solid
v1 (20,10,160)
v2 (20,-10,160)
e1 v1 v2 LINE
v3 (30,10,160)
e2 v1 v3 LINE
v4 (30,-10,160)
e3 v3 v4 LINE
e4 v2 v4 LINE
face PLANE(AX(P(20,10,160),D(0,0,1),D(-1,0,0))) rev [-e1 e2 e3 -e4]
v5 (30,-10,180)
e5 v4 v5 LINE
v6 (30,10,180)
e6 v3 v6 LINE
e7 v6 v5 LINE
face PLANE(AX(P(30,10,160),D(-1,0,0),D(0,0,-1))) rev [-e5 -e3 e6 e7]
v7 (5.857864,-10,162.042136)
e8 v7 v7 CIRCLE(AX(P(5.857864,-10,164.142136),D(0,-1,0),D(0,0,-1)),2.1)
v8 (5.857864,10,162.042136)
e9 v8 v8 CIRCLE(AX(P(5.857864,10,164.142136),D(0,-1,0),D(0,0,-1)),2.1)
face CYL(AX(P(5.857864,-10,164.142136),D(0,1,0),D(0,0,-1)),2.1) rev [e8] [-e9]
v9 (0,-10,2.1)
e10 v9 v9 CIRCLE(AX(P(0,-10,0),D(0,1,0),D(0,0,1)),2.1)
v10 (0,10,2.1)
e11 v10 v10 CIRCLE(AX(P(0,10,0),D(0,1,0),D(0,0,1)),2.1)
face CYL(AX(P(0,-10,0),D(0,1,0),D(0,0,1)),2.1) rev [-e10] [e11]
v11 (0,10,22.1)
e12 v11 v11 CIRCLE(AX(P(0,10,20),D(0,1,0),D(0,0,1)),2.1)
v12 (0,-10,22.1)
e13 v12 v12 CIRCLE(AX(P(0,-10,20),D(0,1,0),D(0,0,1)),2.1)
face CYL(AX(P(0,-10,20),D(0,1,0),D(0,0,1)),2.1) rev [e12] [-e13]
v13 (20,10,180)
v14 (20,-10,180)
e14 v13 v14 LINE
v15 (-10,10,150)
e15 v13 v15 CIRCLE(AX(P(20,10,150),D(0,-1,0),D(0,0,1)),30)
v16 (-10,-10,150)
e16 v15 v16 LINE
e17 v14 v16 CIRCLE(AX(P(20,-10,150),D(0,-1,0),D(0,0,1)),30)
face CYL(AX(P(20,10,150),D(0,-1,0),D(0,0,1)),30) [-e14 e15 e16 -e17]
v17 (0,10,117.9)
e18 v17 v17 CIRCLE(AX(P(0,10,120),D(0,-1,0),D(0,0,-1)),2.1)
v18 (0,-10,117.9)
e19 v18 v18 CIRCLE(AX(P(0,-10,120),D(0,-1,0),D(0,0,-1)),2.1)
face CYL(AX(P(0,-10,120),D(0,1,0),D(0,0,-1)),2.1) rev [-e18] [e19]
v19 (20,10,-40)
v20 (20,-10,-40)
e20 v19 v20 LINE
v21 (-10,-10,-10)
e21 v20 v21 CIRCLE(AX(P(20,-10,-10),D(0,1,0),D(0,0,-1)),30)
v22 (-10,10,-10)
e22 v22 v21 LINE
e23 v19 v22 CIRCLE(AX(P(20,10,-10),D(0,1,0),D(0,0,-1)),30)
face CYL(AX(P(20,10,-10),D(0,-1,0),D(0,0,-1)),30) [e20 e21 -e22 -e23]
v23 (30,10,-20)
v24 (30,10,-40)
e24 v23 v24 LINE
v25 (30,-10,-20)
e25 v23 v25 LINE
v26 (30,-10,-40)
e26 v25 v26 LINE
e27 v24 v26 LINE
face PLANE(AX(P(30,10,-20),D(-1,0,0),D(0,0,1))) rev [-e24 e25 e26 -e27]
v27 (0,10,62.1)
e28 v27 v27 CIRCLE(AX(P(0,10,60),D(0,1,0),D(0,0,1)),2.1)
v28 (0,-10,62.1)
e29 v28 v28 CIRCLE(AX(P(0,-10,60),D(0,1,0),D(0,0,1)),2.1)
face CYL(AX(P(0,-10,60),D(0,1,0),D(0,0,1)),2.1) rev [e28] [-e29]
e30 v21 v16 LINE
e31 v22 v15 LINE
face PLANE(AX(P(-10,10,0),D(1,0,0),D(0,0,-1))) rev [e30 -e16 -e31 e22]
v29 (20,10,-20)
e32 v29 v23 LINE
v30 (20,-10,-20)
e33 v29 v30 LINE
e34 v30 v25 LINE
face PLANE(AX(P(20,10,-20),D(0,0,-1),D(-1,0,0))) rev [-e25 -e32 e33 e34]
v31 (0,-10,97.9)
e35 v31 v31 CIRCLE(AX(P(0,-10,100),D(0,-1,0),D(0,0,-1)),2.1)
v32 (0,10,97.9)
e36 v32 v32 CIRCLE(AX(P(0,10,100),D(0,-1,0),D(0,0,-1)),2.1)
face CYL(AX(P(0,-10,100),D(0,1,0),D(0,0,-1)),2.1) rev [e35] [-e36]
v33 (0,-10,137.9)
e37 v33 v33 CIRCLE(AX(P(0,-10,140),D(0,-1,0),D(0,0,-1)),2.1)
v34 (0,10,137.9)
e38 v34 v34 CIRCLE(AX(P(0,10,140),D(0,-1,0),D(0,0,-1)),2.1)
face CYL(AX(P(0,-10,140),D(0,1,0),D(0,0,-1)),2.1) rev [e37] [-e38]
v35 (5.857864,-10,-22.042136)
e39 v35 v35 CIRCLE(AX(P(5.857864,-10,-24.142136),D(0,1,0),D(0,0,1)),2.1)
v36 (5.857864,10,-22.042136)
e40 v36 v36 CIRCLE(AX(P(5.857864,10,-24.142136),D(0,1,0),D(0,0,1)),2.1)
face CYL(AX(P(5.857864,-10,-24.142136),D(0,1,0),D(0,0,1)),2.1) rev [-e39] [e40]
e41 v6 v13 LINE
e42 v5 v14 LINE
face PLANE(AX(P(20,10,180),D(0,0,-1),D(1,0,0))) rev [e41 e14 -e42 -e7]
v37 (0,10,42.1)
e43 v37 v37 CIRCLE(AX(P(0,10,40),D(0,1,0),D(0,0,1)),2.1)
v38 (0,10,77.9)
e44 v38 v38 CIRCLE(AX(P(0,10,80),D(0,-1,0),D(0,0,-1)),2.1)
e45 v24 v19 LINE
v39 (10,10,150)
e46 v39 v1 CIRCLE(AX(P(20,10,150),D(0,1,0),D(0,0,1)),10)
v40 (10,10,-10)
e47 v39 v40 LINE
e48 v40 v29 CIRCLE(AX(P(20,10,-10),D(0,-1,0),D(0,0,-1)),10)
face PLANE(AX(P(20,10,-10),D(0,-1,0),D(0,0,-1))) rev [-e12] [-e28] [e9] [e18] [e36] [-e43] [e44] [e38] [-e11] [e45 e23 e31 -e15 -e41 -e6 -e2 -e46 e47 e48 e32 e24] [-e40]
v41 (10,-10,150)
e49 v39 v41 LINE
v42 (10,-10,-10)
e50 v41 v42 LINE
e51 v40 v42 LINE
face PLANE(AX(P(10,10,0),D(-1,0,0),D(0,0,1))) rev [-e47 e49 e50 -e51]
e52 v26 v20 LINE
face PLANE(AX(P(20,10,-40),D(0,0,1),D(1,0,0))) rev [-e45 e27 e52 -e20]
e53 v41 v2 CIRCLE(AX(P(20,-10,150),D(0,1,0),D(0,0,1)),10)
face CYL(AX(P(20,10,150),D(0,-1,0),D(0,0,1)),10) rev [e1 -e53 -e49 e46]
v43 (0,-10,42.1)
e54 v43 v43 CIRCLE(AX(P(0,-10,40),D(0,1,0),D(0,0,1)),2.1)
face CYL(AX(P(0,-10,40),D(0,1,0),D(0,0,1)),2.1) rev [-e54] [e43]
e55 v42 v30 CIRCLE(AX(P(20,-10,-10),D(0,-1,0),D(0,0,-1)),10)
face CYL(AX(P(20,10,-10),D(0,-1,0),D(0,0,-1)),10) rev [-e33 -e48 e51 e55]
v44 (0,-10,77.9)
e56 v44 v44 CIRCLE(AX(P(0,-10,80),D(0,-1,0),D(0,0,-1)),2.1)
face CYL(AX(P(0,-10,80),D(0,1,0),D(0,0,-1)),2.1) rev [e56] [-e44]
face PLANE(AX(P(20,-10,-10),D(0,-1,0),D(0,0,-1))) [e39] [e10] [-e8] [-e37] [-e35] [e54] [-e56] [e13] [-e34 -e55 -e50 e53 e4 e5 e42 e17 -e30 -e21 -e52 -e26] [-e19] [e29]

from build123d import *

# Parameters (mm, degrees)
BOSS_EXTRUDE1_DEPTH = 10
SKETCH3_W           = 20
SKETCH3_H           = 70
BOSS_EXTRUDE2_DEPTH = 20
SKETCH2_R           = 2.1
CUT_EXTRUDE1_DEPTH  = 79.74007874


with BuildPart() as part:
    # Sketch1 → Boss-Extrude1 (new, symmetric)
    with BuildSketch(Plane(origin=(0, 0, 0), x_dir=(1, 0, 0), z_dir=(0, 1, 0))):
        with BuildLine():
            Line((10, 0), (10, 10))
            ThreePointArc((10, 10), (12.928932188, 17.071067812), (20, 20))
            Line((20, 20), (30, 20))
            Line((30, 20), (30, 40))
            Line((30, 40), (20, 40))
            ThreePointArc((20, 40), (-1.213203436, 31.213203436), (-10, 10))
            Line((-10, 10), (-10, 0))
            Line((-10, 0), (10, 0))
        make_face()
    extrude(amount=BOSS_EXTRUDE1_DEPTH, both=True)

    # Sketch3 → Boss-Extrude2 (add)
    with BuildSketch(Plane(origin=(0, 10, 0), x_dir=(1, 0, 0), z_dir=(0, 1, 0))):
        with Locations((0, -35)):
            Rectangle(SKETCH3_W, SKETCH3_H)
    extrude(amount=-BOSS_EXTRUDE2_DEPTH)

    # Sketch2 → Cut-Extrude1 (cut, through all)
    with BuildSketch(Plane(origin=(0, 10, 0), x_dir=(1, 0, 0), z_dir=(0, 1, 0))):
        with Locations(Location((5.857864376, 24.142135624, 0), (0, 0, 270))):
            Circle(SKETCH2_R)
        with Locations(Location((0, -40, 0), (0, 0, 270))):
            Circle(SKETCH2_R)
        with Locations((70, 30)):
            Circle(SKETCH2_R)
        with Locations(Location((0, -60, 0), (0, 0, 270))):
            Circle(SKETCH2_R)
        with Locations(Location((0, -20, 0), (0, 0, 270))):
            Circle(SKETCH2_R)
        with Locations(Location((0, 0, 0), (0, 0, 270))):
            Circle(SKETCH2_R)
    extrude(amount=-CUT_EXTRUDE1_DEPTH, mode=Mode.SUBTRACT)

    # Mirror1: part across plane


with BuildPart() as part_1:
    add(part.part)
    add(part.part.mirror(Plane(origin=(10, -82.801098893, 70), x_dir=(1, 0, 0), z_dir=(0, 0, 1))))


solid = part_1.part
